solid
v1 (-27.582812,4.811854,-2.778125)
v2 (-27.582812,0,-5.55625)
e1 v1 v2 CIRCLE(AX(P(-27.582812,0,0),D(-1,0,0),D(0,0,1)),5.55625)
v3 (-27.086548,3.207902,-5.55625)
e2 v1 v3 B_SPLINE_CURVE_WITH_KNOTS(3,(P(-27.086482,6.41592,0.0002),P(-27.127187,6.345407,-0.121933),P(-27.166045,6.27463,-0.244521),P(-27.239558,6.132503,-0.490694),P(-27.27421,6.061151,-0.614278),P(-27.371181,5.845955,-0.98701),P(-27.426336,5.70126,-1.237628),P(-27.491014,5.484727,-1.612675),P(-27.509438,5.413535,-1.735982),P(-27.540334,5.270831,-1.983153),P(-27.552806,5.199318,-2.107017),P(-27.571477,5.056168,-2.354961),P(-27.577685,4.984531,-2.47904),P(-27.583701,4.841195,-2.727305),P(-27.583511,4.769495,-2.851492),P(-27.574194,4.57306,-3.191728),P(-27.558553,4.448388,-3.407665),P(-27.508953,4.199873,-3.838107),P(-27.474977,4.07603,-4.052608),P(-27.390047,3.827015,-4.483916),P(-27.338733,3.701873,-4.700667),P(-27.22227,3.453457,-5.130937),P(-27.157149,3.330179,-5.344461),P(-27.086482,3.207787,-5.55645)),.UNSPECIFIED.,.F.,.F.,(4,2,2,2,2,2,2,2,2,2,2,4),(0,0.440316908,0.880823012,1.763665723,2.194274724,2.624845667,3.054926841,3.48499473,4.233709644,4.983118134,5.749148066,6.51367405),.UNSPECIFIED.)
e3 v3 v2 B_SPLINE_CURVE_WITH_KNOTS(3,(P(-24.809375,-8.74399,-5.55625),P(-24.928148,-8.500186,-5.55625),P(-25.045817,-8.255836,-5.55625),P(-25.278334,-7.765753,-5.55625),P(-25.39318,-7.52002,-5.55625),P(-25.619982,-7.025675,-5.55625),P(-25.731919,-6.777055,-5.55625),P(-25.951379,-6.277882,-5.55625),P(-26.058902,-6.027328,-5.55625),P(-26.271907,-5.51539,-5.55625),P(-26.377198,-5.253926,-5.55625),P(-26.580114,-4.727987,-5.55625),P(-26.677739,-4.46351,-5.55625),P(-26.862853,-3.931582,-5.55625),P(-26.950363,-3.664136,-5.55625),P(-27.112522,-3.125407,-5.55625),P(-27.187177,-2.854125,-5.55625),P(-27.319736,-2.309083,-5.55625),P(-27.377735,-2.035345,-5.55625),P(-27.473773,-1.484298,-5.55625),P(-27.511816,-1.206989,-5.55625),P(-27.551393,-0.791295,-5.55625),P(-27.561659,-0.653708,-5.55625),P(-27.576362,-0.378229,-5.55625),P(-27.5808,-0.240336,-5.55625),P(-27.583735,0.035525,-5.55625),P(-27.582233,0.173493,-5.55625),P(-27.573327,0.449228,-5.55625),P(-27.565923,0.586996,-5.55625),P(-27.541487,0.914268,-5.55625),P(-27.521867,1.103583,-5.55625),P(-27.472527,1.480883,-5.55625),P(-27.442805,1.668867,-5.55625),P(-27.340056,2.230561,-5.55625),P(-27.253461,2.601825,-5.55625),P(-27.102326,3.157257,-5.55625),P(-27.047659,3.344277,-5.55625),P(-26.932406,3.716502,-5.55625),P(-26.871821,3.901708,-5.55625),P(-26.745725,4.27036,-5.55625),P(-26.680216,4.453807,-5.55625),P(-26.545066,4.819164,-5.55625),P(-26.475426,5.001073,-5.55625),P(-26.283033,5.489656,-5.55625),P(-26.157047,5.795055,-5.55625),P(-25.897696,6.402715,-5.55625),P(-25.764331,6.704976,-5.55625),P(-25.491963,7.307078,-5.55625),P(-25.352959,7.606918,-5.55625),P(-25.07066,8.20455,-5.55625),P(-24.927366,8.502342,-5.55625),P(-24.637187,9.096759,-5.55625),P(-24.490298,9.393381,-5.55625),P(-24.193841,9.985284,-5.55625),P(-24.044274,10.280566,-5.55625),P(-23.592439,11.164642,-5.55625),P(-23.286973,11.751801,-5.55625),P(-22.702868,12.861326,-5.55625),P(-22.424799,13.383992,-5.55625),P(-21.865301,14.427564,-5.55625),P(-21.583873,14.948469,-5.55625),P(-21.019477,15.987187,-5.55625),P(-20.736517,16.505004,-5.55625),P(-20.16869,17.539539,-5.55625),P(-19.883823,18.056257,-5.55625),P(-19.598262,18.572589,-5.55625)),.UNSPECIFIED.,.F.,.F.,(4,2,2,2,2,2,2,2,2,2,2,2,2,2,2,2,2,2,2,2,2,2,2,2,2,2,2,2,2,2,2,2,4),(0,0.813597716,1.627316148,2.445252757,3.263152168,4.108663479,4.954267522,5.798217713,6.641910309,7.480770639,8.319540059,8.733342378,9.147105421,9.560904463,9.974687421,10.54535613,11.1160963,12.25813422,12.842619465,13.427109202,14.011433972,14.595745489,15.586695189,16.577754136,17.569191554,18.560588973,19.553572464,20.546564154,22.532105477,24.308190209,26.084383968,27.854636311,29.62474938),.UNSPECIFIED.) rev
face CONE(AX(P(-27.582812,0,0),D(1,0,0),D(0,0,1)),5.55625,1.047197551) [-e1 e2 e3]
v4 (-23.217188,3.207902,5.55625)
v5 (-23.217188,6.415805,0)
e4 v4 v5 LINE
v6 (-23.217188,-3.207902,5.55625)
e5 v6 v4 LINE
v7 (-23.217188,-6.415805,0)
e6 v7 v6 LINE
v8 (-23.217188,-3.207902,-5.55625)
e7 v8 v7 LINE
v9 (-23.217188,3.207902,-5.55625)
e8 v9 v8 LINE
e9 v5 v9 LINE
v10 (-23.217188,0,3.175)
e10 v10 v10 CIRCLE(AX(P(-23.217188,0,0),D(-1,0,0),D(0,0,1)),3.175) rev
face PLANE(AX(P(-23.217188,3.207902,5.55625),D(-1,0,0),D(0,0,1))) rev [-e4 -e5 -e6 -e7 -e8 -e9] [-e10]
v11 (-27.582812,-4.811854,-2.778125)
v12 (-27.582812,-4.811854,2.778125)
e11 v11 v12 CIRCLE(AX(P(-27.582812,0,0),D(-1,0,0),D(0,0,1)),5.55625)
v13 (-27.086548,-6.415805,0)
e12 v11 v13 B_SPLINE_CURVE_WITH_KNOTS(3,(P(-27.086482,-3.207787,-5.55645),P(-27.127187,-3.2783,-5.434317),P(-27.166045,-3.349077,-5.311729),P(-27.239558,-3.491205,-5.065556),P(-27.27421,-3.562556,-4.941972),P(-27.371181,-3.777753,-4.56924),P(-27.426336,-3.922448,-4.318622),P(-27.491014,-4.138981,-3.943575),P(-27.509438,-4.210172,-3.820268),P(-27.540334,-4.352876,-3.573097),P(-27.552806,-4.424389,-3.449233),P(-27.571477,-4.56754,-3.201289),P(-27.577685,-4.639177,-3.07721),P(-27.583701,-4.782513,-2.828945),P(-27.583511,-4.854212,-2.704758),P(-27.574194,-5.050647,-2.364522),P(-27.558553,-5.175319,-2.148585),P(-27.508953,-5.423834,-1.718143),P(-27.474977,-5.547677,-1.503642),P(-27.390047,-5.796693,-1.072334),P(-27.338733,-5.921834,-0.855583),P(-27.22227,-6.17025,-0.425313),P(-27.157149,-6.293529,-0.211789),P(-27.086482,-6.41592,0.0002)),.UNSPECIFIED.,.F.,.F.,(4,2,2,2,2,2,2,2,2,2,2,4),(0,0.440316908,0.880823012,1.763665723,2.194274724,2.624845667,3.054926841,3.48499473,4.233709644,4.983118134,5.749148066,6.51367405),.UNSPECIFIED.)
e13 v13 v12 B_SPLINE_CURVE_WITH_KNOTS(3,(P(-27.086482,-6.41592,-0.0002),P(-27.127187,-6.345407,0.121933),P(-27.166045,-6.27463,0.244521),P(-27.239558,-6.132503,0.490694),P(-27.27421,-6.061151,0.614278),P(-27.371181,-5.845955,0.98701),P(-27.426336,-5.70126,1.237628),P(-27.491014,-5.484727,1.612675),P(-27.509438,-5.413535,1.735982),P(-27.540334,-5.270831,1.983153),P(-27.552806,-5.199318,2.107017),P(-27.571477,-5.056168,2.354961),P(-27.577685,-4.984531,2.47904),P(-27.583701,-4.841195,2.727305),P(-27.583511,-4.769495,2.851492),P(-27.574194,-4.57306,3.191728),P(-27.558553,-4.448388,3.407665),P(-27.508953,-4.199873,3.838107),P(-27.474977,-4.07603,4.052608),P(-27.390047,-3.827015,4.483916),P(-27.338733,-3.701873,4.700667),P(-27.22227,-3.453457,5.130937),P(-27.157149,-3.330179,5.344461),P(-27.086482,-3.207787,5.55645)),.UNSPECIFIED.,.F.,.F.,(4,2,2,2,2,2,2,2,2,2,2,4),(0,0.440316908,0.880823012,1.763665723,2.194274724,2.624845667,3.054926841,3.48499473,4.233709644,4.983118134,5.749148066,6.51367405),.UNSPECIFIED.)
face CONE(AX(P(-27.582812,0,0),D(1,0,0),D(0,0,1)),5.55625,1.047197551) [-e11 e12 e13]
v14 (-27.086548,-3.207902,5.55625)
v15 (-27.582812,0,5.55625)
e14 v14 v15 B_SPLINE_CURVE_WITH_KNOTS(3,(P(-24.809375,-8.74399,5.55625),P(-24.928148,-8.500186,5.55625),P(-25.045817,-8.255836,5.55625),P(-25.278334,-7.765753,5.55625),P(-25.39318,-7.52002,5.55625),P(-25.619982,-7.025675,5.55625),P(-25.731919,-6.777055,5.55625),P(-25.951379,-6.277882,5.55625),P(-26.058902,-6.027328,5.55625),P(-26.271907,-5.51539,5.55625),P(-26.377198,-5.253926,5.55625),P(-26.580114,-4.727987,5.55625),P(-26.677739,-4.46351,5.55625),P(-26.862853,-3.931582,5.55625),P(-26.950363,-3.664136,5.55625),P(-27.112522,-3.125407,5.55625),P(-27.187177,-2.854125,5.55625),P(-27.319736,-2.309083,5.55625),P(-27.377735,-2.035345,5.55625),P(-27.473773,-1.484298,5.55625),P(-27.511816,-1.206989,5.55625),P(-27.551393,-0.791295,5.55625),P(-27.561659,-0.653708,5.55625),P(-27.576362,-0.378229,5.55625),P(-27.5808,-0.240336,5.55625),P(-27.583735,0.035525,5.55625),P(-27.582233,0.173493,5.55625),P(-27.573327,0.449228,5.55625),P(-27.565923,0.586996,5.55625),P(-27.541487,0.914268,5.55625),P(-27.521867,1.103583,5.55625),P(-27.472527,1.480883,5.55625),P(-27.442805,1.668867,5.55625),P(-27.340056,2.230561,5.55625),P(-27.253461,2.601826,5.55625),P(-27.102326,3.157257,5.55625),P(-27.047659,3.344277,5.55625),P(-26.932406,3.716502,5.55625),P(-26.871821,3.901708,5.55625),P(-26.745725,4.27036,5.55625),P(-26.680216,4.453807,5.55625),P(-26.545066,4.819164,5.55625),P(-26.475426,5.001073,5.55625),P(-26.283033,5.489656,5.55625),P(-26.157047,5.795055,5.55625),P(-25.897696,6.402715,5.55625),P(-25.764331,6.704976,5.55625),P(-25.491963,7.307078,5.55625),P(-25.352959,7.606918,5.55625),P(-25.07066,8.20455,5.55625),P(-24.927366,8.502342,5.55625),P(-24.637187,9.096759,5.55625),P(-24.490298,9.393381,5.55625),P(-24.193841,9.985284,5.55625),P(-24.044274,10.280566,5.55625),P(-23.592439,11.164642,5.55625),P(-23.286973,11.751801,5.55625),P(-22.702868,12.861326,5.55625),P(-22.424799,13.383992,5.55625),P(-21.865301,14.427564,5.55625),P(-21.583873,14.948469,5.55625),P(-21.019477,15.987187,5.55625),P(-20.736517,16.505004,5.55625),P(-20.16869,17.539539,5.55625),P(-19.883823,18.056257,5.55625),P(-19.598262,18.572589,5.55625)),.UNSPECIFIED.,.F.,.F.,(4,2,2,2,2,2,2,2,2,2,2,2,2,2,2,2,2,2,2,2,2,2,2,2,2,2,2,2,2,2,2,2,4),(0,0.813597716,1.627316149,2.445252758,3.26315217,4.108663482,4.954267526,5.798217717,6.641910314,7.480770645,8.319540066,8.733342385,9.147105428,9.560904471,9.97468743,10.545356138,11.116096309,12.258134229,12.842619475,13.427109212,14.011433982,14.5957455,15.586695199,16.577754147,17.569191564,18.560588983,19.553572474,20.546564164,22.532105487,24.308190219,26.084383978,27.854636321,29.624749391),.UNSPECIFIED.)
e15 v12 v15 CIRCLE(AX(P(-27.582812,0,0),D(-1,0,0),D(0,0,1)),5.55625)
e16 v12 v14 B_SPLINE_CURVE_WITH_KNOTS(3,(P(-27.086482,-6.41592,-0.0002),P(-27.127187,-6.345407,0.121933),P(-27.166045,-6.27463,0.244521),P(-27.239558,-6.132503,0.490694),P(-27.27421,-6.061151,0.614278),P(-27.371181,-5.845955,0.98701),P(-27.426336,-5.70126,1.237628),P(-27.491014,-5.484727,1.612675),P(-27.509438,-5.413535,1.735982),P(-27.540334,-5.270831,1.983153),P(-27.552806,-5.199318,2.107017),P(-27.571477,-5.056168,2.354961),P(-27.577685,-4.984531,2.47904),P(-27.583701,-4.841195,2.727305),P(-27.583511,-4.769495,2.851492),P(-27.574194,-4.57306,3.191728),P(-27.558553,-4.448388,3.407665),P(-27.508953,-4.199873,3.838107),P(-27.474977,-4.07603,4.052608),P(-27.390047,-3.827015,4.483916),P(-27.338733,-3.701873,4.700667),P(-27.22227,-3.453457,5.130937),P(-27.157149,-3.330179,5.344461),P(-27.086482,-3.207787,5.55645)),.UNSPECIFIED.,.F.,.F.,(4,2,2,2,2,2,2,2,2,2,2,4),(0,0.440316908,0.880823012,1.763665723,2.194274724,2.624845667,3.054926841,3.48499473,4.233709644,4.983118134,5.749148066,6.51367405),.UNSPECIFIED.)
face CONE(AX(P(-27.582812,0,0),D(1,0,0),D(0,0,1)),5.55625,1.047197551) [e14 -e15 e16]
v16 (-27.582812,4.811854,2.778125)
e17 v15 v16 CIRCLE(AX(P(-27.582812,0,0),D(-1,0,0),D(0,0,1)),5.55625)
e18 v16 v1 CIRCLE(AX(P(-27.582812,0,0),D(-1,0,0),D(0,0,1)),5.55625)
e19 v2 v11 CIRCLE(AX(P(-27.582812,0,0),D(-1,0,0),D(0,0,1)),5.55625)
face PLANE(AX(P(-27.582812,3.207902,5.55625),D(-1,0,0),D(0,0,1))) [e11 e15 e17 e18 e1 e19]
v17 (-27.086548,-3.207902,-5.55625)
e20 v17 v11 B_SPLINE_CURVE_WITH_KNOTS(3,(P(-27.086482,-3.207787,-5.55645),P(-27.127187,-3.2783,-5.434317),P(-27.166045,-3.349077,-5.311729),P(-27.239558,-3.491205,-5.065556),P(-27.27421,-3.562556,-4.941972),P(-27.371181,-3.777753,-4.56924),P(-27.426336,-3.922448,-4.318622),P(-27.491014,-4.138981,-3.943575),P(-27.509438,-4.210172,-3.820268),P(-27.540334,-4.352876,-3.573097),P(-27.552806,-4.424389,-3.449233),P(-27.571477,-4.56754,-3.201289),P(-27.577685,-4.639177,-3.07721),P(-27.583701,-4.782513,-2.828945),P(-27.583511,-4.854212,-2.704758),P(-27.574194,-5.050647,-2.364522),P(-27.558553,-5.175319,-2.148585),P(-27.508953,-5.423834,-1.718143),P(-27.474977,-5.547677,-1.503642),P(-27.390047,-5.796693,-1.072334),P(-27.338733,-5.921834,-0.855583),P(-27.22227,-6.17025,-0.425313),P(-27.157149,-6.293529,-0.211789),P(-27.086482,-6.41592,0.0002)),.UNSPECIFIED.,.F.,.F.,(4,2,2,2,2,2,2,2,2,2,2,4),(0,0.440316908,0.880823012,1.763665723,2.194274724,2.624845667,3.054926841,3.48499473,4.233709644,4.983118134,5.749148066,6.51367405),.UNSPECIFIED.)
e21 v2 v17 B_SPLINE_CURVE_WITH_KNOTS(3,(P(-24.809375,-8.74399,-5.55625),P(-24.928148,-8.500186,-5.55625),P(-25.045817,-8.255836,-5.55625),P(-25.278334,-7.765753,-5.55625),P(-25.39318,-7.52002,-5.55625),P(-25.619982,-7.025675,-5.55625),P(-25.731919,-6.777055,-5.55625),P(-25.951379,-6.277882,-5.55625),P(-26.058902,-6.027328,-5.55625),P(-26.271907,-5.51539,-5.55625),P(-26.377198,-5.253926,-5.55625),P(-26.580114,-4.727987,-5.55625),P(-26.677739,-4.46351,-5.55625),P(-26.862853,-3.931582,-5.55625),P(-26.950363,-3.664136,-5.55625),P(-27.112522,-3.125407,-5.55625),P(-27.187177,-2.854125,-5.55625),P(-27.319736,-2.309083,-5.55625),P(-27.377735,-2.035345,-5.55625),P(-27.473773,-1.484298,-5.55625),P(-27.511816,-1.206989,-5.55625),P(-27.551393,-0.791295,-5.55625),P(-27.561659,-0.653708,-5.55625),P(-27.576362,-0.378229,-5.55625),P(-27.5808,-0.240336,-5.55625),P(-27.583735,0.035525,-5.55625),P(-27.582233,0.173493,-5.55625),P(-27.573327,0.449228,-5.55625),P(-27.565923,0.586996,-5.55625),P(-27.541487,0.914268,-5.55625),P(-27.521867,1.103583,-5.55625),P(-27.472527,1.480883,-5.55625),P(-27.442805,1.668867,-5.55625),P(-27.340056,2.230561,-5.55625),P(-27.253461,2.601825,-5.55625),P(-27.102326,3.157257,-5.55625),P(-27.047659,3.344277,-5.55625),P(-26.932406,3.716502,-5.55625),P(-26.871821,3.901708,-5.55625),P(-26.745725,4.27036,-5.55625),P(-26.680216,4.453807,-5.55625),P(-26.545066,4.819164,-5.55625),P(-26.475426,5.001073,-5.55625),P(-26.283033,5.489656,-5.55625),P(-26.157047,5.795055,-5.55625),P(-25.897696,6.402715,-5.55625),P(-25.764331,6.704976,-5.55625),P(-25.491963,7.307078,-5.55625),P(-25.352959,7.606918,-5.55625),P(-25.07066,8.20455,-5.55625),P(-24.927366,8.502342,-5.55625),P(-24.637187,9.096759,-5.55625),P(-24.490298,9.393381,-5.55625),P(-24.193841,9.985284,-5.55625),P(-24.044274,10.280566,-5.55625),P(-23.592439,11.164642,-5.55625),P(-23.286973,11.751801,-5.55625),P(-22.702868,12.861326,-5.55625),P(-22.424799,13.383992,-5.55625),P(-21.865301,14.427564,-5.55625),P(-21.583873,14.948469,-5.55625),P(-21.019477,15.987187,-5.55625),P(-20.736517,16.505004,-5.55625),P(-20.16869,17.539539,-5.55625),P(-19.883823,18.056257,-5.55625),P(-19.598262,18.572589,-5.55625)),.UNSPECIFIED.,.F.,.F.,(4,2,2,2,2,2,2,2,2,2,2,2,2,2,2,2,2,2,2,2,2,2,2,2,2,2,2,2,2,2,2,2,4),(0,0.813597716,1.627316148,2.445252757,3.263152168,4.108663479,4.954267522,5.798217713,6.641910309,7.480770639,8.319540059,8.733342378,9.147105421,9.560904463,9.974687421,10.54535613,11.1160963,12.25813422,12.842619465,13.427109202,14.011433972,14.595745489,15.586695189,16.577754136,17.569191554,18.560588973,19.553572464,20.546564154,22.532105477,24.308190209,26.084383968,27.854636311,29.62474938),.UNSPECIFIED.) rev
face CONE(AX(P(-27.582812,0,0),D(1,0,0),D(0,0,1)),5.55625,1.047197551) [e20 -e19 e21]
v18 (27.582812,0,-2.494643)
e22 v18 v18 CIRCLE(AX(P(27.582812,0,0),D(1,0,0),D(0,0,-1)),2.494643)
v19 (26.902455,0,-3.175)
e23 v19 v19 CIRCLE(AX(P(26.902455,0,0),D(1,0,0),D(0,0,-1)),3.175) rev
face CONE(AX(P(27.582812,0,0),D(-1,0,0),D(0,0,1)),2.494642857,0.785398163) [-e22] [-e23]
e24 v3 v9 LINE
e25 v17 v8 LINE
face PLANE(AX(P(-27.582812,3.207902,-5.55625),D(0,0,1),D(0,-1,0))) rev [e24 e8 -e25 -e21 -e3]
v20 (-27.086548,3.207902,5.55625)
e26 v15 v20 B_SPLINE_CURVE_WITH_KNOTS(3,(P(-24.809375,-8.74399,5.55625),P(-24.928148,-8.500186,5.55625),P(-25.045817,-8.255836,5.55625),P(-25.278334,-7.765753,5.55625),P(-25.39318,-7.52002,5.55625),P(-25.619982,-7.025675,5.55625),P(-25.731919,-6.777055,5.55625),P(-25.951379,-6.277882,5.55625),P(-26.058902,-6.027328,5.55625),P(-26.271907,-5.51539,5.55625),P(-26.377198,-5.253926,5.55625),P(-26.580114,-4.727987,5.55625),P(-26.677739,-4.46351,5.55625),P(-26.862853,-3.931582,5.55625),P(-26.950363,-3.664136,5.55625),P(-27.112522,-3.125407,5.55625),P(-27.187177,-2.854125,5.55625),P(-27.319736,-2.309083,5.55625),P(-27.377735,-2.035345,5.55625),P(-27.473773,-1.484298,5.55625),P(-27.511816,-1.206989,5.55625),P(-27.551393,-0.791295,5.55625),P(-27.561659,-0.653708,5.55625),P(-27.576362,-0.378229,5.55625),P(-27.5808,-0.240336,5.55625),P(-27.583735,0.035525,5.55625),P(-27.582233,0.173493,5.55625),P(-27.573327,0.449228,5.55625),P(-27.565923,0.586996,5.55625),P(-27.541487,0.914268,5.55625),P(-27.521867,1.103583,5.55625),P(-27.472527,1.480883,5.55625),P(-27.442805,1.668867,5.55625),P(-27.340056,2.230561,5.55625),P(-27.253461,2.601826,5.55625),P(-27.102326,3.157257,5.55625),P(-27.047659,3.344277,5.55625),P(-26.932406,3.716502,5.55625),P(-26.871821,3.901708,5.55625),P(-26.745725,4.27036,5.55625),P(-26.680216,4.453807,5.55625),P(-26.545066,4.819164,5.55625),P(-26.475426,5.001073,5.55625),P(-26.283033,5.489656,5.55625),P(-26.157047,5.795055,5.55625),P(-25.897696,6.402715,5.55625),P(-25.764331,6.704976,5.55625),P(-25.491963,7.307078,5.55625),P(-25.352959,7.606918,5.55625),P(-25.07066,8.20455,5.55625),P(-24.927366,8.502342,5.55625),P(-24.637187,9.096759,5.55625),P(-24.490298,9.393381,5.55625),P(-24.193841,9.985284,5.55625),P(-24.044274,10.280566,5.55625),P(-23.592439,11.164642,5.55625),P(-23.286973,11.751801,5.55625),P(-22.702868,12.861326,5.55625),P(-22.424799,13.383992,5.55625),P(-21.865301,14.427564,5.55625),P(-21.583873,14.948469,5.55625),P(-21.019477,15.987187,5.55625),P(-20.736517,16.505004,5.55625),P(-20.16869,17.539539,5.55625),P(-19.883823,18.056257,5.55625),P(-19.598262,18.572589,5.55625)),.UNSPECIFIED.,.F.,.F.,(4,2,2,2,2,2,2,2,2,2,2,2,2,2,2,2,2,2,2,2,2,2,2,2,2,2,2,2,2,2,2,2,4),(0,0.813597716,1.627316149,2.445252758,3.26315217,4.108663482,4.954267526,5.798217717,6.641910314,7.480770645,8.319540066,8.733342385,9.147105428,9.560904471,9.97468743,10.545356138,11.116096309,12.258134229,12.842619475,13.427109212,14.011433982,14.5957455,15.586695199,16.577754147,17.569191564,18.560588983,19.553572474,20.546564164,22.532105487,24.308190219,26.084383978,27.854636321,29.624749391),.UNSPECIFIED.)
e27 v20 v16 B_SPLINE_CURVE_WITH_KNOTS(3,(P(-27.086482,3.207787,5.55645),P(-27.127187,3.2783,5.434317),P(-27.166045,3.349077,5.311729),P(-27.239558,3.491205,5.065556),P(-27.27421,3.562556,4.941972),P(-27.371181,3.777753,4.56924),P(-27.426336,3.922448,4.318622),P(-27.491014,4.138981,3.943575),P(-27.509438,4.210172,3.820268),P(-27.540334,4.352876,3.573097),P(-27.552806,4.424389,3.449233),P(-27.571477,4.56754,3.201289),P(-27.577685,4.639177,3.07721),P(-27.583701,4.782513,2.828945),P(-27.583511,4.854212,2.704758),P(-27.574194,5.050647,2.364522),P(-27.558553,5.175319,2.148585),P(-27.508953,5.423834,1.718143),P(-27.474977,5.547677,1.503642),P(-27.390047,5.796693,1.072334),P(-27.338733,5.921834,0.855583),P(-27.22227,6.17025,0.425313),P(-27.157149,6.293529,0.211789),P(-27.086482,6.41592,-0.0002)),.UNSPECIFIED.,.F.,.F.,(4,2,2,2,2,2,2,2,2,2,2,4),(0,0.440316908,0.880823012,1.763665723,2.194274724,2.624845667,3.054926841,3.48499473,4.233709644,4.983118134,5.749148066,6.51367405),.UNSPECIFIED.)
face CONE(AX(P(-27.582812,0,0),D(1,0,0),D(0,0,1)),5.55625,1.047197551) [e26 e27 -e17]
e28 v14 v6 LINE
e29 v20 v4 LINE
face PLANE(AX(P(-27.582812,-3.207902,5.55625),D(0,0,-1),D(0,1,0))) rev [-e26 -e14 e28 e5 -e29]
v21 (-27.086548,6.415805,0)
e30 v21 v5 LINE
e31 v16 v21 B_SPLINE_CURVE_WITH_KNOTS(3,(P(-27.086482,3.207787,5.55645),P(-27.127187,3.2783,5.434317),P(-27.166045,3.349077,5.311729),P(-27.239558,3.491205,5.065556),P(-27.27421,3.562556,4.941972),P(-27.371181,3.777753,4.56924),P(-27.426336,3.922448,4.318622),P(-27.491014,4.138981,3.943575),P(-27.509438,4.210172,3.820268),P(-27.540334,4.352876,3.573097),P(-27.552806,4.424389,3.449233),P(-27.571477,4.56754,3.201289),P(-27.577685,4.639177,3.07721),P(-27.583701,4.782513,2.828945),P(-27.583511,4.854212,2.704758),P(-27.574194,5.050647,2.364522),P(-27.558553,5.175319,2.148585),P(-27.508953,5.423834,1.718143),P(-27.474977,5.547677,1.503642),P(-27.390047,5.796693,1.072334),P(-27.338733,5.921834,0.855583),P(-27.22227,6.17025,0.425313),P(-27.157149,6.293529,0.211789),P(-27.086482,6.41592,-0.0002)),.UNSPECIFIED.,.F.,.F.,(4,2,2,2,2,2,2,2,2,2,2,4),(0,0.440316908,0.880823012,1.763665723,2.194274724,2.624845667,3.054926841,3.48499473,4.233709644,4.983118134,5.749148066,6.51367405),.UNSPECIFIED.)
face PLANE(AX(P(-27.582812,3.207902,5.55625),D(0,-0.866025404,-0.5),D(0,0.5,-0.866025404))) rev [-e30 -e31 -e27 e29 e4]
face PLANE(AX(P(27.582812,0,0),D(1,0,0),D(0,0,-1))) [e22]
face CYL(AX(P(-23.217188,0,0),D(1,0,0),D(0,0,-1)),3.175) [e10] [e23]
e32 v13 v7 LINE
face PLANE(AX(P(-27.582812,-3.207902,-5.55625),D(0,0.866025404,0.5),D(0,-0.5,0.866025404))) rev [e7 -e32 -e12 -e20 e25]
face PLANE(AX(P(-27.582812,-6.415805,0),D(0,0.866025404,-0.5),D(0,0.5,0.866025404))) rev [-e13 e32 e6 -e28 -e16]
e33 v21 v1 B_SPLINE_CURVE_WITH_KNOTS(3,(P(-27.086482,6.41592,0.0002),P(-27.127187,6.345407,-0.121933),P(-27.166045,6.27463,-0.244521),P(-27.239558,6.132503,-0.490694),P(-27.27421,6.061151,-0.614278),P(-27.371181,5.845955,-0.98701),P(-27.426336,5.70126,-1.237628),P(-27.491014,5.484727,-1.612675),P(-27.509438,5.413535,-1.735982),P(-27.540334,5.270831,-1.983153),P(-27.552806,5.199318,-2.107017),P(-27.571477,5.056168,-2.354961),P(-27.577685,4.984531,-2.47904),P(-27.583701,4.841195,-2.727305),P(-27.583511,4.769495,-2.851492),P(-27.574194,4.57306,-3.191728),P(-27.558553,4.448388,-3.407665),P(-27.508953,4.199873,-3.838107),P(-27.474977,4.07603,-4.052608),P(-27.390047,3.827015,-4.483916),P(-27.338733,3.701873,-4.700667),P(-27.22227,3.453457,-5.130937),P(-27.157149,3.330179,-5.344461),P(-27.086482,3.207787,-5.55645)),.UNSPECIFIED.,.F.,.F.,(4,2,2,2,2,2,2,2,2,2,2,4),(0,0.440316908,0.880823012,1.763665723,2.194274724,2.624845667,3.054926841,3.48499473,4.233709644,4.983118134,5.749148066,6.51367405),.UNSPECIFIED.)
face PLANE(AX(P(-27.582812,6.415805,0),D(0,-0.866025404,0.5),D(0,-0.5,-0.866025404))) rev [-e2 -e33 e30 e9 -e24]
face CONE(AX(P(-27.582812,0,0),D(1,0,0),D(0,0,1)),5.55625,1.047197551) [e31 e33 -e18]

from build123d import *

# Parameters (mm, degrees)
SKETCH5_R           = 3.175
BOSS_EXTRUDE3_DEPTH = 50.8
CHAMFER1_SIZE       = 0.680357143
BOSS_EXTRUDE4_DEPTH = 4.365625
SKETCH8_OUTSIDE_W   = 221.468
SKETCH8_OUTSIDE_H   = 223.188
SKETCH8_OUTSIDE_R   = 5.55625
CUT_EXTRUDE3_DEPTH  = 56.814699209
CUT_EXTRUDE3_DRAFT  = -60


with BuildPart() as part:
    # Sketch5 → Boss-Extrude3 (new body)
    with BuildSketch(Plane(origin=(27.5828125, 0, 0), x_dir=(0, 0, -1), z_dir=(1, 0, 0))):
        Circle(SKETCH5_R)
    extrude(amount=-BOSS_EXTRUDE3_DEPTH)

    # Chamfer1
    chamfer1_edges = [part.edges().sort_by_distance(p)[0] for p in [
        (27.5828125, 0, 3.175),
    ]]
    chamfer(chamfer1_edges, length=CHAMFER1_SIZE)

    # Sketch6 → Boss-Extrude4 (add)
    with BuildSketch(Plane.ZY.offset(23.2171875)):
        Polygon((5.55625, 3.207902433), (0, 6.415804866), (-5.55625, 3.207902433), (-5.55625, -3.207902433), (0, -6.415804866), (5.55625, -3.207902433), align=None)
    extrude(amount=BOSS_EXTRUDE4_DEPTH)


with BuildPart() as cut_extrude3_tool:
    # Sketch8 outside → Cut-Extrude3 (with draft: the straight prism first)
    with BuildSketch(Plane.ZY.offset(27.5828125)):
        Rectangle(SKETCH8_OUTSIDE_W, SKETCH8_OUTSIDE_H)
        Circle(SKETCH8_OUTSIDE_R, mode=Mode.SUBTRACT)
    extrude(amount=-CUT_EXTRUDE3_DEPTH)
    # Cut-Extrude3: the draft: its side faces are tilted about the plane it starts from
    cut_extrude3_sides = [cut_extrude3_tool.faces().sort_by_distance(p)[0] for p in [
        (0.824537104, -111.594, 0),
        (0.824537104, 0, 110.734),
        (0.824537104, 111.594, 0),
        (0.824537104, 0, -110.734),
        (0.824537104, 0, -5.55625),
    ]]
    draft(cut_extrude3_sides, Plane.ZY.offset(27.5828125), CUT_EXTRUDE3_DRAFT)


with BuildPart() as part_1:
    add(part.part)

    # Cut-Extrude3: cut by cut_extrude3_tool
    add(cut_extrude3_tool.part, mode=Mode.SUBTRACT)


solid = part_1.part
